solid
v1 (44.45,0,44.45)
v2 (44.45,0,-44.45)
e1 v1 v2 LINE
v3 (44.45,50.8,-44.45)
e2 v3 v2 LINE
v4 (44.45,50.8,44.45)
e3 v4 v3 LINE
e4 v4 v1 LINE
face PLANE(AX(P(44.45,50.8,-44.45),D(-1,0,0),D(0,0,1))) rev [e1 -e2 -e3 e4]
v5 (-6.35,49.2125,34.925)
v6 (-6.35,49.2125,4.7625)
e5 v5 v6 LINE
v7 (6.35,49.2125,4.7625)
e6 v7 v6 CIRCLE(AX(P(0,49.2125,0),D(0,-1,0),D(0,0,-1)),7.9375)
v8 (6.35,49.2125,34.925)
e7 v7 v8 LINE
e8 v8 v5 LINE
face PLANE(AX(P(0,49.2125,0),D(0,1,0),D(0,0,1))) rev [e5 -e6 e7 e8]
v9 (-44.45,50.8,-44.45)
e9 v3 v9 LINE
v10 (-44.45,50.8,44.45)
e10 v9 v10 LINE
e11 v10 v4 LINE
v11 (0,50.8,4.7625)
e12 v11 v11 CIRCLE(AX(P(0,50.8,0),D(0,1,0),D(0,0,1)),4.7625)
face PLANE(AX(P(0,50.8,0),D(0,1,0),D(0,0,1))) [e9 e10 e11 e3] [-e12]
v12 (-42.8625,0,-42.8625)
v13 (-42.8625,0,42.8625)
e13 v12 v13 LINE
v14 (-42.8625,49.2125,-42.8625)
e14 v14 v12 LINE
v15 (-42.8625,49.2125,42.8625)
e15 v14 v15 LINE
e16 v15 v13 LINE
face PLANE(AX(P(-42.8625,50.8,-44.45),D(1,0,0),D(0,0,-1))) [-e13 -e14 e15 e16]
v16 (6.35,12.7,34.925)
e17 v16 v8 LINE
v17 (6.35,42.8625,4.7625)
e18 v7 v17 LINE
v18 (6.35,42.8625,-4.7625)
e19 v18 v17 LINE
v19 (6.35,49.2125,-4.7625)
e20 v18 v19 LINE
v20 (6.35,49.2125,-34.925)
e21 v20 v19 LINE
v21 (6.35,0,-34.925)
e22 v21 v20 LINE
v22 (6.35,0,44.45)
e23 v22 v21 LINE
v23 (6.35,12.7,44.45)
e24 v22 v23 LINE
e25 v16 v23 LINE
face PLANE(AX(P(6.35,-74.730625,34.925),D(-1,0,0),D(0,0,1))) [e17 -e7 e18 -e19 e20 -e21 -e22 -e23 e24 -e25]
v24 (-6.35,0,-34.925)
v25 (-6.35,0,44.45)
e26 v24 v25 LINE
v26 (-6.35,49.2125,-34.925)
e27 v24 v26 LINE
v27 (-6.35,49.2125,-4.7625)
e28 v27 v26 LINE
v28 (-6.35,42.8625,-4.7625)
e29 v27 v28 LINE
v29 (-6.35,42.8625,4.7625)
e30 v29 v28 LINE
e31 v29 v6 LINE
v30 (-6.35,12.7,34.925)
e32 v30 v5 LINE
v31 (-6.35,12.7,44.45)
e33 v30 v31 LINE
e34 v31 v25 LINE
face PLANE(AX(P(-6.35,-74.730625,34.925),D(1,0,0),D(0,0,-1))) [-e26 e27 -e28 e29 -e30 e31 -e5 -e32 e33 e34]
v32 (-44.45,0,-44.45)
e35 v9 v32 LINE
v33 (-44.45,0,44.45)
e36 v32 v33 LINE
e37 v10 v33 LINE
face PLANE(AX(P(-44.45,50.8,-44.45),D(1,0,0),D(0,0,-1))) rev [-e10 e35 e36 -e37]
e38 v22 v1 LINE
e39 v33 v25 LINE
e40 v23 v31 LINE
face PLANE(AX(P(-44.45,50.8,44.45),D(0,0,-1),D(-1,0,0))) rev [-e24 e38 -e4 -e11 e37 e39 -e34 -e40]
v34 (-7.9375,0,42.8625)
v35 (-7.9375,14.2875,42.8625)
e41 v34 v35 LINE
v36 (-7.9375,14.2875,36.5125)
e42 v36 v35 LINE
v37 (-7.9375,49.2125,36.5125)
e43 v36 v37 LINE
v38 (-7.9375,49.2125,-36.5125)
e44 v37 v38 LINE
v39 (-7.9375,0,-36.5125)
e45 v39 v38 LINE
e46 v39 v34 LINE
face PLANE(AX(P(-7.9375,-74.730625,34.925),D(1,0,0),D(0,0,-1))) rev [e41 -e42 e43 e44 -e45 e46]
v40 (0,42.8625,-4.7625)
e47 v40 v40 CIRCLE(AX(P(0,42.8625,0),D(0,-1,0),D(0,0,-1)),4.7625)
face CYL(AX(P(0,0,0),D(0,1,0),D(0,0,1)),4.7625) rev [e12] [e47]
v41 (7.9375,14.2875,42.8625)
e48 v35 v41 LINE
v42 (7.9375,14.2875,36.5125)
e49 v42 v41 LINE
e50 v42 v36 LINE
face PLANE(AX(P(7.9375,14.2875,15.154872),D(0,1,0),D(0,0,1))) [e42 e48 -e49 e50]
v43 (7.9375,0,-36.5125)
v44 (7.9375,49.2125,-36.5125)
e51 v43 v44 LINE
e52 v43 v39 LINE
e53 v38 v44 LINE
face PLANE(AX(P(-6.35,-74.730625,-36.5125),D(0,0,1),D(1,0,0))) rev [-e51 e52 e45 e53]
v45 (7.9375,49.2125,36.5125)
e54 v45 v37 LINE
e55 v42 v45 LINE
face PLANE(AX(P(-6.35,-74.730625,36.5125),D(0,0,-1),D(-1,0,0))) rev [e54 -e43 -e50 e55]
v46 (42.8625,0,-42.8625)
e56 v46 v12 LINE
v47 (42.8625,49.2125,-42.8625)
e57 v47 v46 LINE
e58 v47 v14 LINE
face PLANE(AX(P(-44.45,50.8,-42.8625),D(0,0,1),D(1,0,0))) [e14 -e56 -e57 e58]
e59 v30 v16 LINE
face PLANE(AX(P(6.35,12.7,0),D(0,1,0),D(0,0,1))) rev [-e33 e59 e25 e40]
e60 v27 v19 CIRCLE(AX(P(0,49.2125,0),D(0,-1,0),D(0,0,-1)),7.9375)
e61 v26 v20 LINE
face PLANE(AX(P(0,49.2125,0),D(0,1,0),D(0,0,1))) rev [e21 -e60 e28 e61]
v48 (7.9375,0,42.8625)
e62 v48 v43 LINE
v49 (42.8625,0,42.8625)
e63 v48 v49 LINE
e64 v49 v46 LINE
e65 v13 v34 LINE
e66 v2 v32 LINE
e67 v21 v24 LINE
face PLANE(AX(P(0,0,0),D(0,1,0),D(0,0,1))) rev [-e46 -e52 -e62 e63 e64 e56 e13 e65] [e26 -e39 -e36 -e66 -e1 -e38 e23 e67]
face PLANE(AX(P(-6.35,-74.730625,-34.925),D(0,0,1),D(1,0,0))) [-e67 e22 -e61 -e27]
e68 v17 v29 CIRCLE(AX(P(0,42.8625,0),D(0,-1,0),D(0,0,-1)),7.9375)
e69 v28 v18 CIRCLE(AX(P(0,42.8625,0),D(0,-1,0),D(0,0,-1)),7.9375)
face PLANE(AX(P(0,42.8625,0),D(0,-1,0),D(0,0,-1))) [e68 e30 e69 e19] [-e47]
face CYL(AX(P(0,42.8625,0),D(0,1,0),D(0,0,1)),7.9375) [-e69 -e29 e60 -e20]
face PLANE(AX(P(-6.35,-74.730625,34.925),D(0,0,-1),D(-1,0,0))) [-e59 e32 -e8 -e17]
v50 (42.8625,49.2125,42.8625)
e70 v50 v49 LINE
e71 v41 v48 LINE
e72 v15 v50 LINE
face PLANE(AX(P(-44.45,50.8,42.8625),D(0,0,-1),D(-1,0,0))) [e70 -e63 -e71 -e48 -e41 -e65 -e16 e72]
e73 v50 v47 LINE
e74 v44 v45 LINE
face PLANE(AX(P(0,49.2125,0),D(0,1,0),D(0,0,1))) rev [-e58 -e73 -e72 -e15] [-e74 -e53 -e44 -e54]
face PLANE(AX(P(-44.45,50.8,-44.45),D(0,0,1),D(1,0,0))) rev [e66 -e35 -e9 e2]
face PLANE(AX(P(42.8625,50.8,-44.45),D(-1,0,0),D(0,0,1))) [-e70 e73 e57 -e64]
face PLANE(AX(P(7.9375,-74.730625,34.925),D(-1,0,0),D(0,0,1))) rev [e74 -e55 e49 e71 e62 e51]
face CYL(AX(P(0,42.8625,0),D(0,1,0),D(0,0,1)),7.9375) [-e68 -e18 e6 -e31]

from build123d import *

# Parameters (mm, degrees)
SKETCH1_W           = 88.9
SKETCH1_H           = 88.9
BOSS_EXTRUDE1_DEPTH = 50.8
SHELL1_T            = -1.5875
SKETCH4_R           = 4.7625
CUT_EXTRUDE3_DEPTH  = 51.8
SKETCH5_W           = 15.875
SKETCH5_H           = 73.025
SKETCH5_W_2         = 12.7
SKETCH5_H_2         = 69.85
EXTRUDE_THIN1_DEPTH = 49.2125
SKETCH10_R          = 7.9375
SKETCH10_R_2        = 4.7625
BOSS_EXTRUDE5_DEPTH = 6.35
SKETCH14_W          = 15.875
SKETCH14_H          = 14.2875
BOSS_EXTRUDE7_DEPTH = 7.9375
CUT_EXTRUDE6_START  = -9.525
SKETCH15_W          = 12.7
SKETCH15_H          = 12.7
CUT_EXTRUDE6_DEPTH  = 9.525


with BuildPart() as part:
    # Sketch1 → Boss-Extrude1 (new body)
    with BuildSketch(Plane(origin=(0, 0, 0), x_dir=(1, 0, 0), z_dir=(0, 1, 0))):
        Rectangle(SKETCH1_W, SKETCH1_H)
    extrude(amount=BOSS_EXTRUDE1_DEPTH)

    # Shell1
    shell1_openings = [part.faces().sort_by_distance(p)[0] for p in [
        (0, 0, 0),
    ]]
    offset(amount=SHELL1_T, openings=shell1_openings, kind=Kind.INTERSECTION)

    # Sketch4 → Cut-Extrude3 (cut, through all)
    with BuildSketch(Plane(origin=(0, 50.8, 0), x_dir=(1, 0, 0), z_dir=(0, 1, 0))):
        Circle(SKETCH4_R)
    extrude(amount=-CUT_EXTRUDE3_DEPTH, mode=Mode.SUBTRACT)

    # Sketch5 → Extrude-Thin1 (add)
    with BuildSketch(Plane.XZ.offset(-49.2125)):
        Rectangle(SKETCH5_W, SKETCH5_H)
        Rectangle(SKETCH5_W_2, SKETCH5_H_2, mode=Mode.SUBTRACT)
    extrude(amount=EXTRUDE_THIN1_DEPTH)

    # Sketch10 → Boss-Extrude5 (add)
    with BuildSketch(Plane.XZ.offset(-49.2125)):
        Circle(SKETCH10_R)
        Circle(SKETCH10_R_2, mode=Mode.SUBTRACT)
    extrude(amount=BOSS_EXTRUDE5_DEPTH)

    # Sketch14 → Boss-Extrude7 (add)
    with BuildSketch(Plane.XY.offset(44.45)):
        with Locations((0, 7.14375)):
            Rectangle(SKETCH14_W, SKETCH14_H)
    extrude(amount=-BOSS_EXTRUDE7_DEPTH)

    # Sketch15 → Cut-Extrude6 (cut)
    with BuildSketch(Plane.XY.offset(44.45).offset(CUT_EXTRUDE6_START)):
        with Locations((0, 6.35)):
            Rectangle(SKETCH15_W, SKETCH15_H)
    extrude(amount=CUT_EXTRUDE6_DEPTH, mode=Mode.SUBTRACT)


solid = part.part
